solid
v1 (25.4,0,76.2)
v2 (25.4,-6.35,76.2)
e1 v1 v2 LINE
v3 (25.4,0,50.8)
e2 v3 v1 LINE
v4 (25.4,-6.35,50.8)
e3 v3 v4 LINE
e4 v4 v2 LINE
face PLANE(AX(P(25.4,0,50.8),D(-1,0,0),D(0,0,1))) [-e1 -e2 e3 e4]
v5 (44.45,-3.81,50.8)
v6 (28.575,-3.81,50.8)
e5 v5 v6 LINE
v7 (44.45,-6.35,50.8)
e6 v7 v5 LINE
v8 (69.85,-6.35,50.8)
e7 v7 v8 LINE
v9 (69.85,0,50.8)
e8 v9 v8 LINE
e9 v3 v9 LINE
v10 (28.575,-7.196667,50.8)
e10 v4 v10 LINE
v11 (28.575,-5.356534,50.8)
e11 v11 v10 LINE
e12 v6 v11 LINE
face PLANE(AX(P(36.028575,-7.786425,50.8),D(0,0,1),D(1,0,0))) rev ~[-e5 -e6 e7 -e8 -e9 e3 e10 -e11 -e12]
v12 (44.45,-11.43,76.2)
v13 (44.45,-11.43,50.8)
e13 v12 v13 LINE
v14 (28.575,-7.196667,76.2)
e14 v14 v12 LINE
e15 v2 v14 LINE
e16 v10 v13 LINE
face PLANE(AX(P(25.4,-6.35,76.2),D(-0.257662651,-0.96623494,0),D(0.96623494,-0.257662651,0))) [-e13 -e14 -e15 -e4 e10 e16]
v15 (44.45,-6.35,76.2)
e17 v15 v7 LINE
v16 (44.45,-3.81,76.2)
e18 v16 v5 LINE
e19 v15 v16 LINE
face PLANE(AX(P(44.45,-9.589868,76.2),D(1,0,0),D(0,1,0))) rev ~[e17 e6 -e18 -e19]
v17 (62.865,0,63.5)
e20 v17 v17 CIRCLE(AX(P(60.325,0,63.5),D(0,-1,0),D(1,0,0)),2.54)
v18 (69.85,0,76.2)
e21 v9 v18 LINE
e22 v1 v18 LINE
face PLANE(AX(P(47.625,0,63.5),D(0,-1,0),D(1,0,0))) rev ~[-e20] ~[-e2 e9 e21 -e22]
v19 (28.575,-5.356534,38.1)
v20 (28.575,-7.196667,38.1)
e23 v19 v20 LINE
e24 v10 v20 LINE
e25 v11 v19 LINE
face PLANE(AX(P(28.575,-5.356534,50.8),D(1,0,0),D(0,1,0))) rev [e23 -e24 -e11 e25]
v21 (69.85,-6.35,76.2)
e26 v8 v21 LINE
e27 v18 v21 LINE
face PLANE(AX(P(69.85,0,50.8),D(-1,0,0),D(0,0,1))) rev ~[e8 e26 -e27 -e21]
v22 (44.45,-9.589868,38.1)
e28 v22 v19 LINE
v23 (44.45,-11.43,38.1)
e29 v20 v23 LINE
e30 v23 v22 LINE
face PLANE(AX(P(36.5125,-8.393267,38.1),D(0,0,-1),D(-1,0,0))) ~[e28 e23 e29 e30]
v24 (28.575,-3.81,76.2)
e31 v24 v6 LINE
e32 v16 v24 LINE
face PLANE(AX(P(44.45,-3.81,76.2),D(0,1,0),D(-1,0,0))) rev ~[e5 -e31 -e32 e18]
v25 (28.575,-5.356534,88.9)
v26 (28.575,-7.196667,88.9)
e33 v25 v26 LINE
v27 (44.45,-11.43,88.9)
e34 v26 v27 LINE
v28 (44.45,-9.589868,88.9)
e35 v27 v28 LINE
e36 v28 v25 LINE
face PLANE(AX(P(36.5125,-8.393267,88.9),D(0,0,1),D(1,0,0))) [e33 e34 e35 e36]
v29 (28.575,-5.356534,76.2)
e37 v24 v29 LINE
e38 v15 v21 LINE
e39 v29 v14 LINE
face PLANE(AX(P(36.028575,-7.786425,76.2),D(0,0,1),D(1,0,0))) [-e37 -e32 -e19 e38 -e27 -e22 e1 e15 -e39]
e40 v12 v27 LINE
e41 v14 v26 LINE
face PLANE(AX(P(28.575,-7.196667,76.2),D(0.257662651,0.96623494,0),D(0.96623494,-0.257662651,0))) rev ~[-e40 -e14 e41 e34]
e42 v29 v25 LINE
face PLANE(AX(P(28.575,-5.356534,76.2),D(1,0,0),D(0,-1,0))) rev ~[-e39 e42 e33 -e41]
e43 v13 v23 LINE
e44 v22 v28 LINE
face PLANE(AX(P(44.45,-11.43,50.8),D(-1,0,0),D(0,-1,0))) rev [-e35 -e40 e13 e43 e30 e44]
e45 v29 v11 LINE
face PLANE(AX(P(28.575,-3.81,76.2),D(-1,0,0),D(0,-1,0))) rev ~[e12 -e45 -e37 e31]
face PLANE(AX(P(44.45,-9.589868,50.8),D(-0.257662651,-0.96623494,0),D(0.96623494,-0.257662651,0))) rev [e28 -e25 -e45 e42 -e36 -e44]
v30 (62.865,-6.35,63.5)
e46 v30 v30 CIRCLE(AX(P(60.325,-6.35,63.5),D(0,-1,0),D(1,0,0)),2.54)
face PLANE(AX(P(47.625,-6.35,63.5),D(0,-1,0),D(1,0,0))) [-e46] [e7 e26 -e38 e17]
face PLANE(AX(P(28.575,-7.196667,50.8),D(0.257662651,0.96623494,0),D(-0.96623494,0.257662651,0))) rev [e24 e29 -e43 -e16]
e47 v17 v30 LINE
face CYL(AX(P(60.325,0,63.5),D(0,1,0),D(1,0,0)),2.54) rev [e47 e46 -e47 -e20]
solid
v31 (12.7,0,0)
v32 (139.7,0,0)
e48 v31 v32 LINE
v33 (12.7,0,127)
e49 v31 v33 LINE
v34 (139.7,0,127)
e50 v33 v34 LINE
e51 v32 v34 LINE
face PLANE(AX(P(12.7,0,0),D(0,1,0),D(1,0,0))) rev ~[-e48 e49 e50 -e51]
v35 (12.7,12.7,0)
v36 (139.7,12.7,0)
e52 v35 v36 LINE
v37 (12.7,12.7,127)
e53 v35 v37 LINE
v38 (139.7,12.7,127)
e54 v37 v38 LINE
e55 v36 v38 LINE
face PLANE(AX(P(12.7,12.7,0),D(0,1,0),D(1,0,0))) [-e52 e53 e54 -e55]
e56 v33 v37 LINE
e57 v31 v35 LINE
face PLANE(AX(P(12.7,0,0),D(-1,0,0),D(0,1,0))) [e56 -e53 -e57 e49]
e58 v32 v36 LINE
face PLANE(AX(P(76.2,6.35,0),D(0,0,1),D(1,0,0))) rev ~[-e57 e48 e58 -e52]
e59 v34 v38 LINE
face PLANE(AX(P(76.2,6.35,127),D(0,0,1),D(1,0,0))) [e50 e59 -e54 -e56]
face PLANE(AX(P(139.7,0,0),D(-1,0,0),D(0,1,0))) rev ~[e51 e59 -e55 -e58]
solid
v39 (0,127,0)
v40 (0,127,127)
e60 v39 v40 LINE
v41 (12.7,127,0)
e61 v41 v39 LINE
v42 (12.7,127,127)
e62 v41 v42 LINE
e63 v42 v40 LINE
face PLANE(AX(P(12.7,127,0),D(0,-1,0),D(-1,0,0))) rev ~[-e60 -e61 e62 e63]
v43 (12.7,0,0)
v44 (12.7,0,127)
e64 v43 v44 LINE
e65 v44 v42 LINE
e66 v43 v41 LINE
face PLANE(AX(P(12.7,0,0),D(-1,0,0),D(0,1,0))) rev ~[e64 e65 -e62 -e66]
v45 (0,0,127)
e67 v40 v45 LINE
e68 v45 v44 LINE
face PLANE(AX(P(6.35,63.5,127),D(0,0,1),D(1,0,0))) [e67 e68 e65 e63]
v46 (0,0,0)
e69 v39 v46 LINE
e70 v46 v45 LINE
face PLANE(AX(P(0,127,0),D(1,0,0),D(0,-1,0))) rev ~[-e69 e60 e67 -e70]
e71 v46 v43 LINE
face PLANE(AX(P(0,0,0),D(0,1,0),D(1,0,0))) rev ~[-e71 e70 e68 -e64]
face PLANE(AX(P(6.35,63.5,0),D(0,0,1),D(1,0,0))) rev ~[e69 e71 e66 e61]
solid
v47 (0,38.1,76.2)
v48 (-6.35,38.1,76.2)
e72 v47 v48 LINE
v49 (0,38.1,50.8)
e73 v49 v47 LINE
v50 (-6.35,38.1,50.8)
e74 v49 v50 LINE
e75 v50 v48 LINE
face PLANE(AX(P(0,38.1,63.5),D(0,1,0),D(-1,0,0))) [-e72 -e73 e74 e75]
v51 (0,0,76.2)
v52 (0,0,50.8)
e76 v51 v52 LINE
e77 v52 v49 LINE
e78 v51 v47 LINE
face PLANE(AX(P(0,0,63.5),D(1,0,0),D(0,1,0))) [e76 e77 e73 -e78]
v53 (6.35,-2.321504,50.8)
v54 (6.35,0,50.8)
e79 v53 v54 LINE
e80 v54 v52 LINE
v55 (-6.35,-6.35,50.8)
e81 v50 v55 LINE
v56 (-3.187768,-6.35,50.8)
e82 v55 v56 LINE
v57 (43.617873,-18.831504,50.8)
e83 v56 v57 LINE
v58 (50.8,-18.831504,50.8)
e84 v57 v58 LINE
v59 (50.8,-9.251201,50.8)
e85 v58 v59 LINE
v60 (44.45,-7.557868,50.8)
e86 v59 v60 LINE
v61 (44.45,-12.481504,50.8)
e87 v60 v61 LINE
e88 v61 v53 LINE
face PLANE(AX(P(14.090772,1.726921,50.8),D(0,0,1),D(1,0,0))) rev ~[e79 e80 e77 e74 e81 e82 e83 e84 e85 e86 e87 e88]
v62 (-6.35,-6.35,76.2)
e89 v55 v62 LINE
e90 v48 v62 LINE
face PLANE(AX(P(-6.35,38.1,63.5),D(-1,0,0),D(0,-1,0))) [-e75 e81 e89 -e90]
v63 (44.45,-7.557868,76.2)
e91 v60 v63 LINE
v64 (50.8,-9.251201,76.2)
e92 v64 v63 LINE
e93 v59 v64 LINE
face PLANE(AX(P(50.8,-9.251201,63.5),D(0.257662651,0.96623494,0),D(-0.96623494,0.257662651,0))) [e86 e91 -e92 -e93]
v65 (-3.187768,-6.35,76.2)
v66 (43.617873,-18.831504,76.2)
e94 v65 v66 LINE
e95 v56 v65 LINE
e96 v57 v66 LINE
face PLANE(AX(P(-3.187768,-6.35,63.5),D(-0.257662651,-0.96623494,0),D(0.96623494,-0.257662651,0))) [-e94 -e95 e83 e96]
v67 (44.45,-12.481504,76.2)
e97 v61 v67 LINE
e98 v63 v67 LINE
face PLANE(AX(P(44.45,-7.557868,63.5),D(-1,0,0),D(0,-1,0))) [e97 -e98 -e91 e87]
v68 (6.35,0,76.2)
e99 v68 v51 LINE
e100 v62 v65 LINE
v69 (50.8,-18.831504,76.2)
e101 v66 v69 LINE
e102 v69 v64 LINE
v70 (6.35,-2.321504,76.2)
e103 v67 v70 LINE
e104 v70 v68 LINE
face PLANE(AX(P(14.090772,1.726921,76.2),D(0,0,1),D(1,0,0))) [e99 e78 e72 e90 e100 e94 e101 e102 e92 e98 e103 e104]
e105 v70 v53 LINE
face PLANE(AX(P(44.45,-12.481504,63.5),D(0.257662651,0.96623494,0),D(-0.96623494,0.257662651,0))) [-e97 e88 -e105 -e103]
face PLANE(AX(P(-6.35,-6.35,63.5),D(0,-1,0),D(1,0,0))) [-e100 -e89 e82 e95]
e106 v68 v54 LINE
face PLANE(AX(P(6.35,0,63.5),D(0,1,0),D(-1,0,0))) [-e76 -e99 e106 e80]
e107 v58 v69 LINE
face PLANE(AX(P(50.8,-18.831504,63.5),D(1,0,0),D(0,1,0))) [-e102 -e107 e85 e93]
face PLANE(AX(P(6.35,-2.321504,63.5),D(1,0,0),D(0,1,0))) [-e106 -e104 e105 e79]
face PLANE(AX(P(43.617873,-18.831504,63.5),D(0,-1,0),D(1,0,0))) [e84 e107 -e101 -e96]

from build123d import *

# Parameters (mm, degrees)
F1_DEPTH  = 127
F0_W      = 127
F0_H      = 12.7
F2_DEPTH  = 127
F3_W      = 44.45
F3_H      = 25.4
F3_R      = 2.54
F4_DEPTH  = 6.35
F6_DEPTH  = 25.4
F8_DEPTH  = 76.201
F10_DEPTH = 12.7
F15_DEPTH = 12.7


with BuildPart() as f1:
    # F0 (on Top) → F1 (new body)
    with BuildSketch(Plane.XY):
        Polygon((12.7, 127), (0, 127), (0, 0), (12.7, 0), (12.7, 12.7), align=None)
    extrude(amount=F1_DEPTH)


with BuildPart() as f2:
    # F0 (on Top) → F2 (new body)
    with BuildSketch(Plane.XY):
        with Locations((76.2, 6.35)):
            Rectangle(F0_W, F0_H)
    extrude(amount=F2_DEPTH)


with BuildPart() as f4:
    # F3 (on face) → F4 (new body)
    with BuildSketch(Plane.XZ):
        with Locations((47.625, 63.5)):
            Rectangle(F3_W, F3_H)
        with Locations((60.325, 63.5)):
            Circle(F3_R, mode=Mode.SUBTRACT)
    extrude(amount=F4_DEPTH)

    # F5 (on face) → F6 (join, through all)
    with BuildSketch(Plane.XY.offset(76.2)):
        Polygon((44.45, -6.35), (25.4, -6.35), (44.45, -11.43), align=None)
    extrude(amount=-F6_DEPTH)

    # F7 (on face) → F8 (cut, through all)
    with BuildSketch(Plane.XY.offset(76.2)):
        Polygon((28.575, -5.3565344927), (44.45, -9.589867826), (44.45, -3.81), (28.575, -3.81), align=None)
    extrude(amount=-F8_DEPTH, mode=Mode.SUBTRACT)

    # F9 (on face) → F10 (join)
    with BuildSketch(Plane.XY.offset(76.2)):
        Polygon((44.45, -11.43), (44.45, -9.589867826), (28.575, -5.3565344927), (28.575, -7.1966666667), align=None)
    extrude(amount=F10_DEPTH)

    # F13: F4 across plane


with BuildPart() as f4_1:
    add(f4.part)
    add(f4.part.mirror(Plane.XY.offset(63.5)))


with BuildPart() as f15:
    # F14 (on plane+point) → F15 (new body, symmetric)
    with BuildSketch(Plane.XY.offset(63.5)):
        Polygon((0, 0), (0, 38.1), (-6.35, 38.1), (-6.35, -6.35), (-3.1877677032, -6.35), (43.6178726697, -18.8315040994), (50.8, -18.8315040994), (50.8, -9.2512011593), (44.45, -7.557867826), (44.45, -12.4815040994), (6.35, -2.3215040994), (6.35, 0), align=None)
    extrude(amount=F15_DEPTH, both=True)


solid = Compound([f1.part, f2.part, f4_1.part, f15.part])
